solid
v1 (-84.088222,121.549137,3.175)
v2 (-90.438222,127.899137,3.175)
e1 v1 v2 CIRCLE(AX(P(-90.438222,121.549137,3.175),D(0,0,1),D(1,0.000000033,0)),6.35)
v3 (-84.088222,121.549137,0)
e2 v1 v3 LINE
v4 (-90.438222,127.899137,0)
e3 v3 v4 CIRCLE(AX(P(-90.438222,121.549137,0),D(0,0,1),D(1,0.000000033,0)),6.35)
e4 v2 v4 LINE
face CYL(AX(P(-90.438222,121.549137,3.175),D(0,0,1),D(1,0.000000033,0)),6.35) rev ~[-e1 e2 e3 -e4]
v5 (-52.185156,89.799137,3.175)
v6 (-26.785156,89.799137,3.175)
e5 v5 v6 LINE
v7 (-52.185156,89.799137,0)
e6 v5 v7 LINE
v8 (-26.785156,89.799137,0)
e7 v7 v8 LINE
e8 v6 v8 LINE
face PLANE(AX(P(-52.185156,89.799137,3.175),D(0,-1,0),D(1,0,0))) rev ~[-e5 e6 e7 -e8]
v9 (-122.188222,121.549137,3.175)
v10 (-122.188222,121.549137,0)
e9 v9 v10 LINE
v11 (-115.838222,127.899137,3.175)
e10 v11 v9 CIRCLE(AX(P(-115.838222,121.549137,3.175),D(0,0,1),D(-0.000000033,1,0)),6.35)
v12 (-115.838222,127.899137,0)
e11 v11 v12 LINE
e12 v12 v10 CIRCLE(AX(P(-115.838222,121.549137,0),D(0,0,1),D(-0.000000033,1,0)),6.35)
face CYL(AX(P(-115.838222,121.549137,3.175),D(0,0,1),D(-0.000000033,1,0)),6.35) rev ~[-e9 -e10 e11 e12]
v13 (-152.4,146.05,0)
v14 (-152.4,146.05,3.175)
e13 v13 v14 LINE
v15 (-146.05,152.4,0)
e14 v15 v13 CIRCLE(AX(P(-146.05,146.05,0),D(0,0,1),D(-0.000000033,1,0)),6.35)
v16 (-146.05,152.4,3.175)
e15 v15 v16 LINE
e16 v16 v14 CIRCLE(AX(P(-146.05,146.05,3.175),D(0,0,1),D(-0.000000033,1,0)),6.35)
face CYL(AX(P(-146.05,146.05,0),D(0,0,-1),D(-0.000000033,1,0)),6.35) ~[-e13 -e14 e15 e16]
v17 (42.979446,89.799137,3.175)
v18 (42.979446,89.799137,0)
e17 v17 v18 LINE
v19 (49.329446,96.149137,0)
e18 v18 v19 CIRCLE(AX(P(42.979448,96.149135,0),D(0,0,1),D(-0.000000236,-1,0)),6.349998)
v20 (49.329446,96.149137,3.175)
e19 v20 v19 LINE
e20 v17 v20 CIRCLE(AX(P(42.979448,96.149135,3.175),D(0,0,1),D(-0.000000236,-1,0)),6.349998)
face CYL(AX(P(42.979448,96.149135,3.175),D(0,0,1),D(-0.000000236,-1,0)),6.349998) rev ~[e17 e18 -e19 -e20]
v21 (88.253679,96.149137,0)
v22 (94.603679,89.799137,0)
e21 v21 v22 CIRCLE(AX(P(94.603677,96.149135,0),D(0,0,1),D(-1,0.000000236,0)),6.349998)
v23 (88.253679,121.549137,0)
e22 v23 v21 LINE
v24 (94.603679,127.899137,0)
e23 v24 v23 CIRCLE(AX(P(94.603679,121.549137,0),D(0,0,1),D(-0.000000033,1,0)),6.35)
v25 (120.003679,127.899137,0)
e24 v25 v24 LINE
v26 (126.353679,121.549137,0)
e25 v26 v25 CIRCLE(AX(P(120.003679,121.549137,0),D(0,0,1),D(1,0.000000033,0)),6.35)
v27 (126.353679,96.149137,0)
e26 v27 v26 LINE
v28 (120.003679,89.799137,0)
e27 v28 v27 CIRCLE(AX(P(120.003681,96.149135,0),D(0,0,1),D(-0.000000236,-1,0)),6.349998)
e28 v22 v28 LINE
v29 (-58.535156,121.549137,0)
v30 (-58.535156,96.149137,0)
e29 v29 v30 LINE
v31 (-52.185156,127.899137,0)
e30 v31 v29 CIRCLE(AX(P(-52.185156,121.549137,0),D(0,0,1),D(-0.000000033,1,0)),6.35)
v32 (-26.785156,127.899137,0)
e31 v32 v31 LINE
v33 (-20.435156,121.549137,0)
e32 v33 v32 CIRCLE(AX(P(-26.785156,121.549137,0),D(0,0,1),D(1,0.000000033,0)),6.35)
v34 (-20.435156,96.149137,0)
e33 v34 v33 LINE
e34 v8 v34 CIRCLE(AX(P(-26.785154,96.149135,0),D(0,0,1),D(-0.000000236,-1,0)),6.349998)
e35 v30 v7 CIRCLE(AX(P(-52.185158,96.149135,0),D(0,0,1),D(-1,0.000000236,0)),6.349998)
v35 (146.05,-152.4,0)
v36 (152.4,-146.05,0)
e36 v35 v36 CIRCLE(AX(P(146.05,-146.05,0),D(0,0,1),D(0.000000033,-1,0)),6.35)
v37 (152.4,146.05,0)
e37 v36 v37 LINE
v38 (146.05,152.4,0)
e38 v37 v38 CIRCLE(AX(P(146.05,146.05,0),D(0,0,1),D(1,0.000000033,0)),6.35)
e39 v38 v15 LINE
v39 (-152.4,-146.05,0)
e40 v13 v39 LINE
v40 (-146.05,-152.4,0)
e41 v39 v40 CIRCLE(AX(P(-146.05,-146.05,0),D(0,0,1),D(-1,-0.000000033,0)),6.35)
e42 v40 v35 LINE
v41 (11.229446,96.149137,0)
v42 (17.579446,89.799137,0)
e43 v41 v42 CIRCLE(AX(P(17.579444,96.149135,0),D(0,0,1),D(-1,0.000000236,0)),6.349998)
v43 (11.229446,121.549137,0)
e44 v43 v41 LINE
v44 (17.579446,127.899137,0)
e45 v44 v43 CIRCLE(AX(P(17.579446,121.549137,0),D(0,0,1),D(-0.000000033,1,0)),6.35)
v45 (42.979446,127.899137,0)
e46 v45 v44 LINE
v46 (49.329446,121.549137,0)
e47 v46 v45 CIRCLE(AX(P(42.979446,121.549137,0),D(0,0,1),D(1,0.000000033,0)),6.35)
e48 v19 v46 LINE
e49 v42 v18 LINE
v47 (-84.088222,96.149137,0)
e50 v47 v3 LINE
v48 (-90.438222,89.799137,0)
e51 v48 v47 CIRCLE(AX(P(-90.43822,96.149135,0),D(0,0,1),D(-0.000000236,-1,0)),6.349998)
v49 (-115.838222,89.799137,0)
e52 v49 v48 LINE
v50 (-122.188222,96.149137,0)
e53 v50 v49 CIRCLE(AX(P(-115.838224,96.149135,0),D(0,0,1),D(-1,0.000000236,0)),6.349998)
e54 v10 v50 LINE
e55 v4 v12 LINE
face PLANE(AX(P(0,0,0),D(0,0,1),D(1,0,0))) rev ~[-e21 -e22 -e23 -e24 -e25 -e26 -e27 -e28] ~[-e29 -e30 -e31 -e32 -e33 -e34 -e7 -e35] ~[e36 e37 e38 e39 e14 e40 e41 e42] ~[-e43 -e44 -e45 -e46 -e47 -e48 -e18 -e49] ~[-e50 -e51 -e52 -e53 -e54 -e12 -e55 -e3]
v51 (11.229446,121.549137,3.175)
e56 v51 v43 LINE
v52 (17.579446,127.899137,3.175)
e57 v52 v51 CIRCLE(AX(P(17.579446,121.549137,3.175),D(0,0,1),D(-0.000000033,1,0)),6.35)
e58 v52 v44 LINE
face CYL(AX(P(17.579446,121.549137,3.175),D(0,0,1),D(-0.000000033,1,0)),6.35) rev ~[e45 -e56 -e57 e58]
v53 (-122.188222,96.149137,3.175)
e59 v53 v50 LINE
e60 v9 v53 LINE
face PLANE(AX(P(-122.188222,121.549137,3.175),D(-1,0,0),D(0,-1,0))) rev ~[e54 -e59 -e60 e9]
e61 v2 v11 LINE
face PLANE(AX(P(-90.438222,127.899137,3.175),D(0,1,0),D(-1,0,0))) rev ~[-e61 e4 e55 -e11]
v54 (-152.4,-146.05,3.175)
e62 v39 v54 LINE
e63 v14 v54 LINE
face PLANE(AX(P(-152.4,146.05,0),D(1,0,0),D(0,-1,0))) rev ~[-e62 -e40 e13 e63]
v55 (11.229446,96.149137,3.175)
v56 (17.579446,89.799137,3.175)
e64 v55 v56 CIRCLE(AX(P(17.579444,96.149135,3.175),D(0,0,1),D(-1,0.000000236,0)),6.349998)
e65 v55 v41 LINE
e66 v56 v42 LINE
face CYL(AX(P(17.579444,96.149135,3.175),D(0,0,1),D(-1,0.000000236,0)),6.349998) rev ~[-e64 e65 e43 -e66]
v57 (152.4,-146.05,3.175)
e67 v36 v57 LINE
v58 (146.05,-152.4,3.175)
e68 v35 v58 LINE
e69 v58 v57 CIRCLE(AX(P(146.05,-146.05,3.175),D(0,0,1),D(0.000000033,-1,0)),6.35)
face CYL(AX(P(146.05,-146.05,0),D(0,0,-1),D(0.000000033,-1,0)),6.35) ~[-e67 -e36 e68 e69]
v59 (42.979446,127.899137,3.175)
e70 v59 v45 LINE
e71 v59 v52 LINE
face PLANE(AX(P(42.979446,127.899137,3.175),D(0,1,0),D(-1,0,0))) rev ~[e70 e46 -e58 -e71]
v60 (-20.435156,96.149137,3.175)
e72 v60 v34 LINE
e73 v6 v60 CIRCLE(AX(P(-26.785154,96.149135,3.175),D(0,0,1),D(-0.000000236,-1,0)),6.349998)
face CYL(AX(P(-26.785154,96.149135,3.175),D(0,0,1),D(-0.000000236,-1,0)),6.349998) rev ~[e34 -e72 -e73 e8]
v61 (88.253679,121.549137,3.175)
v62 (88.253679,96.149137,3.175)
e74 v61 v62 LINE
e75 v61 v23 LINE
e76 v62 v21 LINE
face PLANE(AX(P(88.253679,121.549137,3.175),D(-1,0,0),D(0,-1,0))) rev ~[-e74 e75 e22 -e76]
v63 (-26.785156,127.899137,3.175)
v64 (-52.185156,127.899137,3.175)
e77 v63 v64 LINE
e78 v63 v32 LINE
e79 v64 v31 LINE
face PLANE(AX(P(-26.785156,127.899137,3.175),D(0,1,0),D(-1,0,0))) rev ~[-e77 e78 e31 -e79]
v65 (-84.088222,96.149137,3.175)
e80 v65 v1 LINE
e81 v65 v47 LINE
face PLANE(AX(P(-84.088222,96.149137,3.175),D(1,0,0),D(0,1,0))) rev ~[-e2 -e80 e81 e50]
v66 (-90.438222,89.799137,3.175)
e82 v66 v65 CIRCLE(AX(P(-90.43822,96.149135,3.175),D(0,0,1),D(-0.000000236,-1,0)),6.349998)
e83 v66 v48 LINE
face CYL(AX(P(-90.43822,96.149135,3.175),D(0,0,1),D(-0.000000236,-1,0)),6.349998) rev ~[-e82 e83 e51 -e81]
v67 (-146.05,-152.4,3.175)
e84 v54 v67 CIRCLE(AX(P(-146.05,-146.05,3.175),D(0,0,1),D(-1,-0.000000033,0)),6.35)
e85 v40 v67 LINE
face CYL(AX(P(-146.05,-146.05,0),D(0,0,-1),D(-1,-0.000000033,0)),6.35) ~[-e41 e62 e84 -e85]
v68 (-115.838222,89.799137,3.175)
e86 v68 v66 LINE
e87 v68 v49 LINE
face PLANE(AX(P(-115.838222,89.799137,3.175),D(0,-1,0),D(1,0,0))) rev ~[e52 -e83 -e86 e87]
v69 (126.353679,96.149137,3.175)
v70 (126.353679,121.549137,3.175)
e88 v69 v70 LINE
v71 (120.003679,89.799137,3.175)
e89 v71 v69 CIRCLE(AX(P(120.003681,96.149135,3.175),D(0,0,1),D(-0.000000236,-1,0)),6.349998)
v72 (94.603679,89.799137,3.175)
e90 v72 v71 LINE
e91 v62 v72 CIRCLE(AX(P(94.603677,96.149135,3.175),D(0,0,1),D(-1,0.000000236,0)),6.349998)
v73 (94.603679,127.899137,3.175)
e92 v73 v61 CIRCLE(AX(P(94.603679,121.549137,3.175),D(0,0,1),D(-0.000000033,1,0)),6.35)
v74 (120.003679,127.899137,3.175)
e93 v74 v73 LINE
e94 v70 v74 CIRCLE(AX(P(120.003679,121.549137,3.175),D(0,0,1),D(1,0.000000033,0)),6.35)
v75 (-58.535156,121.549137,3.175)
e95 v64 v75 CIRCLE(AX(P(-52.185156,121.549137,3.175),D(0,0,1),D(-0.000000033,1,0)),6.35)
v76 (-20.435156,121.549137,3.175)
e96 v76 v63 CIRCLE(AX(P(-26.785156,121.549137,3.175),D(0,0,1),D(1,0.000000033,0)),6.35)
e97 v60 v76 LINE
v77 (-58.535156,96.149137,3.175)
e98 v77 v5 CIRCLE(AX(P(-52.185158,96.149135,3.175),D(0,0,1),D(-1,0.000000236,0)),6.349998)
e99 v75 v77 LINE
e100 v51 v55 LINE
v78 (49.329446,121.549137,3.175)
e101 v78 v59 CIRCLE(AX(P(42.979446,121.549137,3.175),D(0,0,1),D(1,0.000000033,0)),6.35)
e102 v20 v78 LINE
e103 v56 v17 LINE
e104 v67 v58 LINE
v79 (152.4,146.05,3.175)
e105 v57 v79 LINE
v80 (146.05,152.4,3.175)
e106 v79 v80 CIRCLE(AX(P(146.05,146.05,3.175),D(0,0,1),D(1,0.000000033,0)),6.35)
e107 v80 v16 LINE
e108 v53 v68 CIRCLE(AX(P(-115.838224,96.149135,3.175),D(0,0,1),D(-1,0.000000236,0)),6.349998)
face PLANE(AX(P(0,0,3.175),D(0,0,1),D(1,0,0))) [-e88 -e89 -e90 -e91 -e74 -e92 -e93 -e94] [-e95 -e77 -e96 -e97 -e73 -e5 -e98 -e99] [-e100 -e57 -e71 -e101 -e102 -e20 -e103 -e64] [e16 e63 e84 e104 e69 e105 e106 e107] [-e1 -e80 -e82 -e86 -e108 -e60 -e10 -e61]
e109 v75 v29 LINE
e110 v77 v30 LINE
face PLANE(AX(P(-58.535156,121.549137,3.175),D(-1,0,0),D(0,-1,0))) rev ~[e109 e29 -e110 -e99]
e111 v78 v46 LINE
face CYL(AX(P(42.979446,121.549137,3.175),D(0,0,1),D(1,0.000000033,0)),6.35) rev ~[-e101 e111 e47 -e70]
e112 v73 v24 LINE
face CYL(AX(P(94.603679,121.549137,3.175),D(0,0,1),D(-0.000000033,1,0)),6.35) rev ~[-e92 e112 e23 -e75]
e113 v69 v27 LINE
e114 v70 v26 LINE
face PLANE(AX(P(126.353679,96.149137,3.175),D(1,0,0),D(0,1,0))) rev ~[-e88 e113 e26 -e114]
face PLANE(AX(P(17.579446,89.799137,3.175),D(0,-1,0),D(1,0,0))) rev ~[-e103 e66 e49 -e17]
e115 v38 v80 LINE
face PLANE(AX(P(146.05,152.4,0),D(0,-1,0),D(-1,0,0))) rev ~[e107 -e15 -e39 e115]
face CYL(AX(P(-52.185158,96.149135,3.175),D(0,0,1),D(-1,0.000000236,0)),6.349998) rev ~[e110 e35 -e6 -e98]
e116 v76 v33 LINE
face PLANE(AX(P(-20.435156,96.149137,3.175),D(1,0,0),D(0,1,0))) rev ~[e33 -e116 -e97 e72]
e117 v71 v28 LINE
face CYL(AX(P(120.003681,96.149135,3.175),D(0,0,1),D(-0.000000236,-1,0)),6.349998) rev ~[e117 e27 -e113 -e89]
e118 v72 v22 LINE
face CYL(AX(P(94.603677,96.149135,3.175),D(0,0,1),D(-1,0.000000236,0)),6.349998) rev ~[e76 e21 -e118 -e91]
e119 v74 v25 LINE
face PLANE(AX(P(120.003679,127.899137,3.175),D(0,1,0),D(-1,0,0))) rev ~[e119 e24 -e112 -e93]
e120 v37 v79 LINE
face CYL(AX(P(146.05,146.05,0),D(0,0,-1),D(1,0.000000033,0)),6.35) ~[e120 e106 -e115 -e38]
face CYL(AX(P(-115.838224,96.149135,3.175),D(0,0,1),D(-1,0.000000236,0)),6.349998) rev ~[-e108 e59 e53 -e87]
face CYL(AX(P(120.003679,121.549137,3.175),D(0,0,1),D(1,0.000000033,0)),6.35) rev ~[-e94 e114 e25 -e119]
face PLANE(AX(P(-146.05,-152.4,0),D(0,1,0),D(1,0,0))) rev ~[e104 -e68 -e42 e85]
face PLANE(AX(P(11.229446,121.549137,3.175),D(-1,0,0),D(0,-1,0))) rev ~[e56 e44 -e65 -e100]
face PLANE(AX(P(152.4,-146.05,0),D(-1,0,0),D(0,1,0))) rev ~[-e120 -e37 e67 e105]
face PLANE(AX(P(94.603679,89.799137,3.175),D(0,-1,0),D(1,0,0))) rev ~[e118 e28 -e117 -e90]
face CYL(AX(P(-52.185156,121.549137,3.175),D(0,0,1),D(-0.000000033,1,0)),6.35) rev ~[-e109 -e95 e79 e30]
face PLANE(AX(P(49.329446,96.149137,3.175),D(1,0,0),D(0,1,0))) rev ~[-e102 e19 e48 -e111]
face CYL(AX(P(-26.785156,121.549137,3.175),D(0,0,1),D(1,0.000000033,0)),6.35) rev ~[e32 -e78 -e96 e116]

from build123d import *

# Parameters (mm, degrees)
F1_DEPTH = 3.175
F3_DEPTH = 3.175


with BuildPart() as f1:
    # F0 (on Top) → F1 (new body)
    with BuildSketch(Plane.XY):
        with BuildLine():
            ThreePointArc((152.4, 146.05), (150.540128, 150.540128), (146.05, 152.4))
            Line((146.05, 152.4), (-146.05, 152.4))
            ThreePointArc((-146.05, 152.4), (-150.540128, 150.540128), (-152.4, 146.05))
            Line((-152.4, 146.05), (-152.4, -146.05))
            ThreePointArc((-152.4, -146.05), (-150.540128, -150.540128), (-146.05, -152.4))
            Line((-146.05, -152.4), (146.05, -152.4))
            ThreePointArc((146.05, -152.4), (150.540128, -150.540128), (152.4, -146.05))
            Line((152.4, -146.05), (152.4, 146.05))
        make_face()
    extrude(amount=F1_DEPTH)

    # F2 (on face) → F3 (cut, through all)
    with BuildSketch(Plane.XY.offset(3.175)):
        with BuildLine():
            Line((-115.838222, 89.799137), (-90.438222, 89.799137))
            ThreePointArc((-90.438222, 89.799137), (-85.948094, 91.659008), (-84.088222, 96.149137))
            Line((-84.088222, 96.149137), (-84.088222, 121.549137))
            ThreePointArc((-84.088222, 121.549137), (-85.948094, 126.039265), (-90.438222, 127.899137))
            Line((-90.438222, 127.899137), (-115.838222, 127.899137))
            ThreePointArc((-115.838222, 127.899137), (-120.32835, 126.039265), (-122.188222, 121.549137))
            Line((-122.188222, 121.549137), (-122.188222, 96.149137))
            ThreePointArc((-122.188222, 96.149137), (-120.32835, 91.659008), (-115.838222, 89.799137))
        make_face()
        with BuildLine():
            Line((-52.185156, 89.799137), (-26.785156, 89.799137))
            ThreePointArc((-26.785156, 89.799137), (-22.295028, 91.659008), (-20.435156, 96.149137))
            Line((-20.435156, 96.149137), (-20.435156, 121.549137))
            ThreePointArc((-20.435156, 121.549137), (-22.295028, 126.039265), (-26.785156, 127.899137))
            Line((-26.785156, 127.899137), (-52.185156, 127.899137))
            ThreePointArc((-52.185156, 127.899137), (-56.675284, 126.039265), (-58.535156, 121.549137))
            Line((-58.535156, 121.549137), (-58.535156, 96.149137))
            ThreePointArc((-58.535156, 96.149137), (-56.675284, 91.659008), (-52.185156, 89.799137))
        make_face()
        with BuildLine():
            Line((94.603679, 89.799137), (120.003679, 89.799137))
            ThreePointArc((120.003679, 89.799137), (124.493807, 91.659008), (126.353679, 96.149137))
            Line((126.353679, 96.149137), (126.353679, 121.549137))
            ThreePointArc((126.353679, 121.549137), (124.493807, 126.039265), (120.003679, 127.899137))
            Line((120.003679, 127.899137), (94.603679, 127.899137))
            ThreePointArc((94.603679, 127.899137), (90.113551, 126.039265), (88.253679, 121.549137))
            Line((88.253679, 121.549137), (88.253679, 96.149137))
            ThreePointArc((88.253679, 96.149137), (90.113551, 91.659008), (94.603679, 89.799137))
        make_face()
        with BuildLine():
            Line((17.579446, 89.799137), (42.979446, 89.799137))
            ThreePointArc((42.979446, 89.799137), (47.469574, 91.659008), (49.329446, 96.149137))
            Line((49.329446, 96.149137), (49.329446, 121.549137))
            ThreePointArc((49.329446, 121.549137), (47.469574, 126.039265), (42.979446, 127.899137))
            Line((42.979446, 127.899137), (17.579446, 127.899137))
            ThreePointArc((17.579446, 127.899137), (13.089318, 126.039265), (11.229446, 121.549137))
            Line((11.229446, 121.549137), (11.229446, 96.149137))
            ThreePointArc((11.229446, 96.149137), (13.089318, 91.659008), (17.579446, 89.799137))
        make_face()
    extrude(amount=-F3_DEPTH, mode=Mode.SUBTRACT)


solid = f1.part
